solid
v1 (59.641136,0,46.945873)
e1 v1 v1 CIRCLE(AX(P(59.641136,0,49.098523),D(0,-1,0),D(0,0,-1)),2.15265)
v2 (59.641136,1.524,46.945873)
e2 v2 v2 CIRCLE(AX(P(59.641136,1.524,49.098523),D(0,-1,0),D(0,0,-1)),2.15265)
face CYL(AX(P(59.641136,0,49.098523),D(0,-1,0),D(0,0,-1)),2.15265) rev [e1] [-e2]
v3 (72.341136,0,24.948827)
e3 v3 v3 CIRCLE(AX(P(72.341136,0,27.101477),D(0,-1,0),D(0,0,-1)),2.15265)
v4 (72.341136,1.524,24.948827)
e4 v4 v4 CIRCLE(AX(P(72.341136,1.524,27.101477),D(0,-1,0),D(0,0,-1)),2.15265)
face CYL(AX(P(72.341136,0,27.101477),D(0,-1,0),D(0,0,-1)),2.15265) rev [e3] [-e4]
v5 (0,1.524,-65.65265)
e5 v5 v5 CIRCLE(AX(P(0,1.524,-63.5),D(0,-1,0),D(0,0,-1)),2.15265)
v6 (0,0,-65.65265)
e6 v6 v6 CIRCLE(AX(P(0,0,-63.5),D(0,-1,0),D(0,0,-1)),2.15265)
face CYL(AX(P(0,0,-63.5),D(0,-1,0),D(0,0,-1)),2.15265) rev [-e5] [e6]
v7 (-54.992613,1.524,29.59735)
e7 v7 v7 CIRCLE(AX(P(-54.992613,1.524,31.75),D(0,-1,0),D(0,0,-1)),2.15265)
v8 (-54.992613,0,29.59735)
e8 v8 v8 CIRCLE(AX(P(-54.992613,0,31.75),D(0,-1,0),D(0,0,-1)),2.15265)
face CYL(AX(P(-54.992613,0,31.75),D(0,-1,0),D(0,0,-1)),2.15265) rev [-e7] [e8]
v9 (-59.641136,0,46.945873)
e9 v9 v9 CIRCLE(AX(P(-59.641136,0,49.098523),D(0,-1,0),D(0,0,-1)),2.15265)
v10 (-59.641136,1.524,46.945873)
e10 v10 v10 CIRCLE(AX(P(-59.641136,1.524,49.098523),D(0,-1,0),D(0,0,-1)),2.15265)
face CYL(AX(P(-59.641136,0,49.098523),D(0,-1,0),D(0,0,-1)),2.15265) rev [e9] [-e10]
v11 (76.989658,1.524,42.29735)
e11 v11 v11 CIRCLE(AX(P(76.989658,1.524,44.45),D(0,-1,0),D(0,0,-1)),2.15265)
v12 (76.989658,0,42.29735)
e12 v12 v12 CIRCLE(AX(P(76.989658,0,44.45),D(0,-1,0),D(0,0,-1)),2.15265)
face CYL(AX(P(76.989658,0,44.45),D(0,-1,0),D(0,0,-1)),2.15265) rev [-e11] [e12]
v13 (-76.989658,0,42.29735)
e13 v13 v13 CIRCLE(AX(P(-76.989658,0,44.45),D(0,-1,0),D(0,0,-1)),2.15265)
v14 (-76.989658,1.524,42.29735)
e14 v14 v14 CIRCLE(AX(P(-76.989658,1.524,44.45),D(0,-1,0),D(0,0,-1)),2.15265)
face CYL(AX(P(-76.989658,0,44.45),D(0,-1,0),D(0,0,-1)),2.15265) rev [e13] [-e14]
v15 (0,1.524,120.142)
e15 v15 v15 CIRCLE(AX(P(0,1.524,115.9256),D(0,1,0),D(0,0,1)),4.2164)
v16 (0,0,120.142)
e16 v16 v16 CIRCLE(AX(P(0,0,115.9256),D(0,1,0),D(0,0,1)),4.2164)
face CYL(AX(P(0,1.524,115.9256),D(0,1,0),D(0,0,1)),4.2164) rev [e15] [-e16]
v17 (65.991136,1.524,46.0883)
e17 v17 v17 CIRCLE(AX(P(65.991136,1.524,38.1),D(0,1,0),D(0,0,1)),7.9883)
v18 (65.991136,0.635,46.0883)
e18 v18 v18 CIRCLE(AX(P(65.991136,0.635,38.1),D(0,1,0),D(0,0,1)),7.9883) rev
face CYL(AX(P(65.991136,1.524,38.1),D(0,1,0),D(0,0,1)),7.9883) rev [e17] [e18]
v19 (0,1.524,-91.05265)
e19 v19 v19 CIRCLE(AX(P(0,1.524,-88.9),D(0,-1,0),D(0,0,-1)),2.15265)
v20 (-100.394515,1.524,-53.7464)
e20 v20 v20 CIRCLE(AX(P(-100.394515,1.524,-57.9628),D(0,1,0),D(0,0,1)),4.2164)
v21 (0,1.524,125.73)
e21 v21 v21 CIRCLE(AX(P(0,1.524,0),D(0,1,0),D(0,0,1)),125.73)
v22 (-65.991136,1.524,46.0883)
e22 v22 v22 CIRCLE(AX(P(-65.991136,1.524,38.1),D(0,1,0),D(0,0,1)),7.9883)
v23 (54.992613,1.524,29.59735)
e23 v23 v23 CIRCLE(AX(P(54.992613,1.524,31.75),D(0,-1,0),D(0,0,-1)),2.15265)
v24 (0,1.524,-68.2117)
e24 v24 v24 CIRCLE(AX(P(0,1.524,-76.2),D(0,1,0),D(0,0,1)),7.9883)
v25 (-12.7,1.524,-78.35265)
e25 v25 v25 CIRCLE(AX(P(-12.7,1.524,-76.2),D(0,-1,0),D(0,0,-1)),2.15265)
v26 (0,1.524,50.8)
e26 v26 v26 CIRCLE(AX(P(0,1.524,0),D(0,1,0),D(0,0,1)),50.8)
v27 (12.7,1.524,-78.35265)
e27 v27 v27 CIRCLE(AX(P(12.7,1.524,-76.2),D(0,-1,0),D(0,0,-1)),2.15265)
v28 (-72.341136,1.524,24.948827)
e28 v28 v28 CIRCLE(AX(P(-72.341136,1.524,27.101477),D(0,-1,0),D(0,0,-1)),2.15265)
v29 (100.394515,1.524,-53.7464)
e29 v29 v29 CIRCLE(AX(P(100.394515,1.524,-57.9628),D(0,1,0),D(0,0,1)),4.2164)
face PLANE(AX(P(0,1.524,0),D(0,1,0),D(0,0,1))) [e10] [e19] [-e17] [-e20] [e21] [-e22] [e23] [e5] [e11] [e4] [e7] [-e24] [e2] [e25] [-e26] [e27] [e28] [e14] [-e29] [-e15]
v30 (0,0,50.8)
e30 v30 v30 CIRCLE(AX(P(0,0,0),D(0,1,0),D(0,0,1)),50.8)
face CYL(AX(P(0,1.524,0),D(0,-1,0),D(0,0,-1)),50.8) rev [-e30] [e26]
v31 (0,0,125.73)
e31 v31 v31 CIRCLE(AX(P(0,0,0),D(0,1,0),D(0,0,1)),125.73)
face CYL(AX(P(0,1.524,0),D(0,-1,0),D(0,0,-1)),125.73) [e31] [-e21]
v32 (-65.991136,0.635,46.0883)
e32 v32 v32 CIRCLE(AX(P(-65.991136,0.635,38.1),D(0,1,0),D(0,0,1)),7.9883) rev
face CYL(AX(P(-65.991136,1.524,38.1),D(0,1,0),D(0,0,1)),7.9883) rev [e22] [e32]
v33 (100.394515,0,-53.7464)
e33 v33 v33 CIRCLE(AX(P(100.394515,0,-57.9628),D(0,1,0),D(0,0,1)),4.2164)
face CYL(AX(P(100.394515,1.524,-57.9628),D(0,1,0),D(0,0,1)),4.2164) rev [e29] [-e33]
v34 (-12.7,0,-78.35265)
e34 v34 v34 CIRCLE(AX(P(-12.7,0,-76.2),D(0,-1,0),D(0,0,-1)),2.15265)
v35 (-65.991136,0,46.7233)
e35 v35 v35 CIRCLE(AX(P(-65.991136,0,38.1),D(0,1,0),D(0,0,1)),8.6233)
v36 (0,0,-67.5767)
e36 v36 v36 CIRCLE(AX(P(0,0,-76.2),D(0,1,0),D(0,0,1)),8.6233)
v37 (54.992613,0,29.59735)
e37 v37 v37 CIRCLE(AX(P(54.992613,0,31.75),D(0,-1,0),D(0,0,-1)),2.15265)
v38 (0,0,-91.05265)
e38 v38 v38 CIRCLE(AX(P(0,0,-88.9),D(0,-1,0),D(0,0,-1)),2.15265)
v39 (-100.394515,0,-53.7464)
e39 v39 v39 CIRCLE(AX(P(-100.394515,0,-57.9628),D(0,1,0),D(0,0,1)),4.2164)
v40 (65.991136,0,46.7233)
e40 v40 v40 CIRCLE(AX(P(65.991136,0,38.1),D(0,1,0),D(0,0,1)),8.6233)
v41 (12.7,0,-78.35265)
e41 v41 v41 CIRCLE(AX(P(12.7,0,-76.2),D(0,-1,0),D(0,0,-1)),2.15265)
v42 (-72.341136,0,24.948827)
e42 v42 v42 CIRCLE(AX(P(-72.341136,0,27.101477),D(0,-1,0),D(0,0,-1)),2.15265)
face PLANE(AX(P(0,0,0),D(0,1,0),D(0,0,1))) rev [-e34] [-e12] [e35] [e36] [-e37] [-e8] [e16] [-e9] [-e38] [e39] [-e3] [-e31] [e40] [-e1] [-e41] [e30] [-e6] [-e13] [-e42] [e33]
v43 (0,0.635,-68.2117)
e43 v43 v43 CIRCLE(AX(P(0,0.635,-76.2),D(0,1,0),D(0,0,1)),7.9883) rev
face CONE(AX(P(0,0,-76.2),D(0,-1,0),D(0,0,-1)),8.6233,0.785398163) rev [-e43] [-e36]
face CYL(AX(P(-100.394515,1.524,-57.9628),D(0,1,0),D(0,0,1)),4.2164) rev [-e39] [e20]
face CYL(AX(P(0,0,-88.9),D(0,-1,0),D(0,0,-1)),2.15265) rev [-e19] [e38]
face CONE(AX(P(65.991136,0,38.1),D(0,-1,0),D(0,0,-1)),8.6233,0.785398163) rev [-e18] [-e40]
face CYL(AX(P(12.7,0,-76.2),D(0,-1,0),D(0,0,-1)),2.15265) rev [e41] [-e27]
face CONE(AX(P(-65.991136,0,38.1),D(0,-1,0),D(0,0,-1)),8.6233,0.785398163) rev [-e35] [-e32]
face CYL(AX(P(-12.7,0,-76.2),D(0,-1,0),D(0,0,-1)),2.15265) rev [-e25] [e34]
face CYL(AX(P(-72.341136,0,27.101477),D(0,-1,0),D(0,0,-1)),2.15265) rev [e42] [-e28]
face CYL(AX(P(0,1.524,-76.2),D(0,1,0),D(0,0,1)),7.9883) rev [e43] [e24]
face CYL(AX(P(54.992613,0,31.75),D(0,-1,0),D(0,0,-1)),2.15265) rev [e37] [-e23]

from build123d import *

# Parameters (mm, degrees)
SKETCH1_R                                = 125.73
SKETCH1_R_2                              = 50.8
EXTRUDE1_DEPTH                           = 1.524
F_5_16_CLEARANCE_HOLE1_D                 = 8.4328
CIRPATTERN1_COUNT                        = 3
F_1_4_20_WELD_NUT_CIRPATTERN_COUNT       = 3
HOLE_FOR_5_16_18_WELD_NUT_D              = 15.9766
HOLE_FOR_5_16_18_WELD_NUT_DEPTH          = 21.59
F_5_16_18_WELD_NUT_HOLE_CIRPATTERN_COUNT = 3
CHAMFER4_SIZE                            = 0.635
F_6_CLEARANCE_HOLE1_D                    = 4.3053
CIRPATTERN2_COUNT                        = 4
CIRPATTERN3_COUNT                        = 3
CIRPATTERN3_COPY_1_D                     = 4.3053
CIRPATTERN3_COPY_2_D                     = 4.3053
CIRPATTERN3_COPY_3_D                     = 4.3053
CIRPATTERN3_COPY_4_D                     = 4.3053
CIRPATTERN3_COPY_5_D                     = 4.3053
CIRPATTERN3_COPY_6_D                     = 4.3053


with BuildPart() as part:
    # Sketch1 → Extrude1 (new body)
    with BuildSketch(Plane(origin=(0, 0, 0), x_dir=(1, 0, 0), z_dir=(0, 1, 0))):
        with Locations(Location((0, 0, 0), (0, 0, 270))):  # turned: the seam where the file's is
            Circle(SKETCH1_R)
        with Locations(Location((0, 0, 0), (0, 0, 270))):  # turned: the seam where the file's is
            Circle(SKETCH1_R_2, mode=Mode.SUBTRACT)
    extrude(amount=EXTRUDE1_DEPTH)

    # 5_16 Clearance Hole1 (through all)
    with Locations(Plane(origin=(0, 1.524, 0), x_dir=(-1, 0, 0), z_dir=(0, 1, 0))):
        with Locations((0, 115.9256)):
            f_5_16_clearance_hole1 = Hole(F_5_16_CLEARANCE_HOLE1_D / 2)

    # CirPattern1: 5_16 Clearance Hole1 ×3 about axis
    cirpattern1_axis = Axis((0, 0, 0), (0, 1, 0))
    for i in range(1, CIRPATTERN1_COUNT):
        add(f_5_16_clearance_hole1.rotate(cirpattern1_axis, i * 360 / CIRPATTERN1_COUNT), mode=Mode.SUBTRACT)

    # Sketch4 → Hole For 1_4_-20 Weld Nut (revolve, cut)
    with BuildSketch(Plane(origin=(0, 1.524, -76.2), x_dir=(0, 0, 1), z_dir=(1, 0, 0))):
        Polygon((0, 0), (0, 16.54598865), (6.4008, 12.7), (6.4008, 0), align=None)
    hole_for_1_4_20_weld_nut = revolve(axis=Axis((0, 7.874, -76.2), (0, -1, 0)), mode=Mode.SUBTRACT)

    # 1_4_-20 Weld Nut CirPattern: Hole For 1_4_-20 Weld Nut ×3 about axis
    f_1_4_20_weld_nut_cirpattern_axis = Axis((0, 0, 0), (0, 1, 0))
    for i in range(1, F_1_4_20_WELD_NUT_CIRPATTERN_COUNT):
        add(hole_for_1_4_20_weld_nut.rotate(f_1_4_20_weld_nut_cirpattern_axis, i * 360 / F_1_4_20_WELD_NUT_CIRPATTERN_COUNT), mode=Mode.SUBTRACT)

    # Hole For 5_16_-18 Weld Nut
    with Locations(Plane(origin=(0, 1.524, 0), x_dir=(-1, 0, 0), z_dir=(0, 1, 0))):
        with Locations((0, -76.2)):
            hole_for_5_16_18_weld_nut = Hole(HOLE_FOR_5_16_18_WELD_NUT_D / 2, depth=HOLE_FOR_5_16_18_WELD_NUT_DEPTH)

    # 5_16_-18 Weld Nut Hole CirPattern: Hole For 5_16_-18 Weld Nut ×3 about axis
    f_5_16_18_weld_nut_hole_cirpattern_axis = Axis((0, 0, 0), (0, 1, 0))
    for i in range(1, F_5_16_18_WELD_NUT_HOLE_CIRPATTERN_COUNT):
        add(hole_for_5_16_18_weld_nut.rotate(f_5_16_18_weld_nut_hole_cirpattern_axis, i * 360 / F_5_16_18_WELD_NUT_HOLE_CIRPATTERN_COUNT), mode=Mode.SUBTRACT)

    # Chamfer4
    chamfer4_edges = [part.edges().sort_by_distance(p)[0] for p in [
        (-7.9883, 0, -76.2),
        (69.985285768, 0, 31.181929267),
        (-61.996985768, 0, 45.018070733),
    ]]
    chamfer(chamfer4_edges, length=CHAMFER4_SIZE)

    # 6 Clearance Hole1 (through all)
    with Locations(Plane.XZ):
        with Locations((-54.99261314, 31.75)):
            f_6_clearance_hole1 = Hole(F_6_CLEARANCE_HOLE1_D / 2)

    # CirPattern2: 6 Clearance Hole1 ×4 about axis
    cirpattern2_axis = Axis((-65.991135768, 0, 38.1), (0, 1, 0))
    for i in range(1, CIRPATTERN2_COUNT):
        add(f_6_clearance_hole1.rotate(cirpattern2_axis, i * 360 / CIRPATTERN2_COUNT), mode=Mode.SUBTRACT)

    # CirPattern3: 6 Clearance Hole1 ×3 about axis
    cirpattern3_axis = Axis((0, 0, 0), (0, 1, 0))
    for i in range(1, CIRPATTERN3_COUNT):
        add(f_6_clearance_hole1.rotate(cirpattern3_axis, i * 360 / CIRPATTERN3_COUNT), mode=Mode.SUBTRACT)

    # CirPattern3 copy 1 (through all)
    with Locations(Plane(origin=(27.891135768, 0, 104.091135768), x_dir=(-0.866025404, 0, 0.5), z_dir=(0, -1, 0))):
        with Locations((-54.99261314, 31.75)):
            Hole(CIRPATTERN3_COPY_1_D / 2)

    # CirPattern3 copy 2 (through all)
    with Locations(Plane(origin=(76.2, 0, -76.2), x_dir=(0.866025404, 0, 0.5), z_dir=(0, -1, 0))):
        with Locations((-54.99261314, 31.75)):
            Hole(CIRPATTERN3_COPY_2_D / 2)

    # CirPattern3 copy 3 (through all)
    with Locations(Plane(origin=(131.982271537, 0, 76.2), x_dir=(0.5, 0, 0.866025404), z_dir=(0, -1, 0))):
        with Locations((-54.99261314, 31.75)):
            Hole(CIRPATTERN3_COPY_3_D / 2)

    # CirPattern3 copy 4 (through all)
    with Locations(Plane(origin=(0, 0, -152.4), x_dir=(0.5, 0, -0.866025404), z_dir=(0, -1, 0))):
        with Locations((-54.99261314, 31.75)):
            Hole(CIRPATTERN3_COPY_4_D / 2)

    # CirPattern3 copy 5 (through all)
    with Locations(Plane(origin=(104.091135768, 0, -27.891135768), x_dir=(0.866025404, 0, -0.5), z_dir=(0, -1, 0))):
        with Locations((-54.99261314, 31.75)):
            Hole(CIRPATTERN3_COPY_5_D / 2)

    # CirPattern3 copy 6 (through all)
    with Locations(Plane(origin=(-76.2, 0, -76.2), x_dir=(-0.866025404, 0, -0.5), z_dir=(0, -1, 0))):
        with Locations((-54.99261314, 31.75)):
            Hole(CIRPATTERN3_COPY_6_D / 2)


solid = part.part
